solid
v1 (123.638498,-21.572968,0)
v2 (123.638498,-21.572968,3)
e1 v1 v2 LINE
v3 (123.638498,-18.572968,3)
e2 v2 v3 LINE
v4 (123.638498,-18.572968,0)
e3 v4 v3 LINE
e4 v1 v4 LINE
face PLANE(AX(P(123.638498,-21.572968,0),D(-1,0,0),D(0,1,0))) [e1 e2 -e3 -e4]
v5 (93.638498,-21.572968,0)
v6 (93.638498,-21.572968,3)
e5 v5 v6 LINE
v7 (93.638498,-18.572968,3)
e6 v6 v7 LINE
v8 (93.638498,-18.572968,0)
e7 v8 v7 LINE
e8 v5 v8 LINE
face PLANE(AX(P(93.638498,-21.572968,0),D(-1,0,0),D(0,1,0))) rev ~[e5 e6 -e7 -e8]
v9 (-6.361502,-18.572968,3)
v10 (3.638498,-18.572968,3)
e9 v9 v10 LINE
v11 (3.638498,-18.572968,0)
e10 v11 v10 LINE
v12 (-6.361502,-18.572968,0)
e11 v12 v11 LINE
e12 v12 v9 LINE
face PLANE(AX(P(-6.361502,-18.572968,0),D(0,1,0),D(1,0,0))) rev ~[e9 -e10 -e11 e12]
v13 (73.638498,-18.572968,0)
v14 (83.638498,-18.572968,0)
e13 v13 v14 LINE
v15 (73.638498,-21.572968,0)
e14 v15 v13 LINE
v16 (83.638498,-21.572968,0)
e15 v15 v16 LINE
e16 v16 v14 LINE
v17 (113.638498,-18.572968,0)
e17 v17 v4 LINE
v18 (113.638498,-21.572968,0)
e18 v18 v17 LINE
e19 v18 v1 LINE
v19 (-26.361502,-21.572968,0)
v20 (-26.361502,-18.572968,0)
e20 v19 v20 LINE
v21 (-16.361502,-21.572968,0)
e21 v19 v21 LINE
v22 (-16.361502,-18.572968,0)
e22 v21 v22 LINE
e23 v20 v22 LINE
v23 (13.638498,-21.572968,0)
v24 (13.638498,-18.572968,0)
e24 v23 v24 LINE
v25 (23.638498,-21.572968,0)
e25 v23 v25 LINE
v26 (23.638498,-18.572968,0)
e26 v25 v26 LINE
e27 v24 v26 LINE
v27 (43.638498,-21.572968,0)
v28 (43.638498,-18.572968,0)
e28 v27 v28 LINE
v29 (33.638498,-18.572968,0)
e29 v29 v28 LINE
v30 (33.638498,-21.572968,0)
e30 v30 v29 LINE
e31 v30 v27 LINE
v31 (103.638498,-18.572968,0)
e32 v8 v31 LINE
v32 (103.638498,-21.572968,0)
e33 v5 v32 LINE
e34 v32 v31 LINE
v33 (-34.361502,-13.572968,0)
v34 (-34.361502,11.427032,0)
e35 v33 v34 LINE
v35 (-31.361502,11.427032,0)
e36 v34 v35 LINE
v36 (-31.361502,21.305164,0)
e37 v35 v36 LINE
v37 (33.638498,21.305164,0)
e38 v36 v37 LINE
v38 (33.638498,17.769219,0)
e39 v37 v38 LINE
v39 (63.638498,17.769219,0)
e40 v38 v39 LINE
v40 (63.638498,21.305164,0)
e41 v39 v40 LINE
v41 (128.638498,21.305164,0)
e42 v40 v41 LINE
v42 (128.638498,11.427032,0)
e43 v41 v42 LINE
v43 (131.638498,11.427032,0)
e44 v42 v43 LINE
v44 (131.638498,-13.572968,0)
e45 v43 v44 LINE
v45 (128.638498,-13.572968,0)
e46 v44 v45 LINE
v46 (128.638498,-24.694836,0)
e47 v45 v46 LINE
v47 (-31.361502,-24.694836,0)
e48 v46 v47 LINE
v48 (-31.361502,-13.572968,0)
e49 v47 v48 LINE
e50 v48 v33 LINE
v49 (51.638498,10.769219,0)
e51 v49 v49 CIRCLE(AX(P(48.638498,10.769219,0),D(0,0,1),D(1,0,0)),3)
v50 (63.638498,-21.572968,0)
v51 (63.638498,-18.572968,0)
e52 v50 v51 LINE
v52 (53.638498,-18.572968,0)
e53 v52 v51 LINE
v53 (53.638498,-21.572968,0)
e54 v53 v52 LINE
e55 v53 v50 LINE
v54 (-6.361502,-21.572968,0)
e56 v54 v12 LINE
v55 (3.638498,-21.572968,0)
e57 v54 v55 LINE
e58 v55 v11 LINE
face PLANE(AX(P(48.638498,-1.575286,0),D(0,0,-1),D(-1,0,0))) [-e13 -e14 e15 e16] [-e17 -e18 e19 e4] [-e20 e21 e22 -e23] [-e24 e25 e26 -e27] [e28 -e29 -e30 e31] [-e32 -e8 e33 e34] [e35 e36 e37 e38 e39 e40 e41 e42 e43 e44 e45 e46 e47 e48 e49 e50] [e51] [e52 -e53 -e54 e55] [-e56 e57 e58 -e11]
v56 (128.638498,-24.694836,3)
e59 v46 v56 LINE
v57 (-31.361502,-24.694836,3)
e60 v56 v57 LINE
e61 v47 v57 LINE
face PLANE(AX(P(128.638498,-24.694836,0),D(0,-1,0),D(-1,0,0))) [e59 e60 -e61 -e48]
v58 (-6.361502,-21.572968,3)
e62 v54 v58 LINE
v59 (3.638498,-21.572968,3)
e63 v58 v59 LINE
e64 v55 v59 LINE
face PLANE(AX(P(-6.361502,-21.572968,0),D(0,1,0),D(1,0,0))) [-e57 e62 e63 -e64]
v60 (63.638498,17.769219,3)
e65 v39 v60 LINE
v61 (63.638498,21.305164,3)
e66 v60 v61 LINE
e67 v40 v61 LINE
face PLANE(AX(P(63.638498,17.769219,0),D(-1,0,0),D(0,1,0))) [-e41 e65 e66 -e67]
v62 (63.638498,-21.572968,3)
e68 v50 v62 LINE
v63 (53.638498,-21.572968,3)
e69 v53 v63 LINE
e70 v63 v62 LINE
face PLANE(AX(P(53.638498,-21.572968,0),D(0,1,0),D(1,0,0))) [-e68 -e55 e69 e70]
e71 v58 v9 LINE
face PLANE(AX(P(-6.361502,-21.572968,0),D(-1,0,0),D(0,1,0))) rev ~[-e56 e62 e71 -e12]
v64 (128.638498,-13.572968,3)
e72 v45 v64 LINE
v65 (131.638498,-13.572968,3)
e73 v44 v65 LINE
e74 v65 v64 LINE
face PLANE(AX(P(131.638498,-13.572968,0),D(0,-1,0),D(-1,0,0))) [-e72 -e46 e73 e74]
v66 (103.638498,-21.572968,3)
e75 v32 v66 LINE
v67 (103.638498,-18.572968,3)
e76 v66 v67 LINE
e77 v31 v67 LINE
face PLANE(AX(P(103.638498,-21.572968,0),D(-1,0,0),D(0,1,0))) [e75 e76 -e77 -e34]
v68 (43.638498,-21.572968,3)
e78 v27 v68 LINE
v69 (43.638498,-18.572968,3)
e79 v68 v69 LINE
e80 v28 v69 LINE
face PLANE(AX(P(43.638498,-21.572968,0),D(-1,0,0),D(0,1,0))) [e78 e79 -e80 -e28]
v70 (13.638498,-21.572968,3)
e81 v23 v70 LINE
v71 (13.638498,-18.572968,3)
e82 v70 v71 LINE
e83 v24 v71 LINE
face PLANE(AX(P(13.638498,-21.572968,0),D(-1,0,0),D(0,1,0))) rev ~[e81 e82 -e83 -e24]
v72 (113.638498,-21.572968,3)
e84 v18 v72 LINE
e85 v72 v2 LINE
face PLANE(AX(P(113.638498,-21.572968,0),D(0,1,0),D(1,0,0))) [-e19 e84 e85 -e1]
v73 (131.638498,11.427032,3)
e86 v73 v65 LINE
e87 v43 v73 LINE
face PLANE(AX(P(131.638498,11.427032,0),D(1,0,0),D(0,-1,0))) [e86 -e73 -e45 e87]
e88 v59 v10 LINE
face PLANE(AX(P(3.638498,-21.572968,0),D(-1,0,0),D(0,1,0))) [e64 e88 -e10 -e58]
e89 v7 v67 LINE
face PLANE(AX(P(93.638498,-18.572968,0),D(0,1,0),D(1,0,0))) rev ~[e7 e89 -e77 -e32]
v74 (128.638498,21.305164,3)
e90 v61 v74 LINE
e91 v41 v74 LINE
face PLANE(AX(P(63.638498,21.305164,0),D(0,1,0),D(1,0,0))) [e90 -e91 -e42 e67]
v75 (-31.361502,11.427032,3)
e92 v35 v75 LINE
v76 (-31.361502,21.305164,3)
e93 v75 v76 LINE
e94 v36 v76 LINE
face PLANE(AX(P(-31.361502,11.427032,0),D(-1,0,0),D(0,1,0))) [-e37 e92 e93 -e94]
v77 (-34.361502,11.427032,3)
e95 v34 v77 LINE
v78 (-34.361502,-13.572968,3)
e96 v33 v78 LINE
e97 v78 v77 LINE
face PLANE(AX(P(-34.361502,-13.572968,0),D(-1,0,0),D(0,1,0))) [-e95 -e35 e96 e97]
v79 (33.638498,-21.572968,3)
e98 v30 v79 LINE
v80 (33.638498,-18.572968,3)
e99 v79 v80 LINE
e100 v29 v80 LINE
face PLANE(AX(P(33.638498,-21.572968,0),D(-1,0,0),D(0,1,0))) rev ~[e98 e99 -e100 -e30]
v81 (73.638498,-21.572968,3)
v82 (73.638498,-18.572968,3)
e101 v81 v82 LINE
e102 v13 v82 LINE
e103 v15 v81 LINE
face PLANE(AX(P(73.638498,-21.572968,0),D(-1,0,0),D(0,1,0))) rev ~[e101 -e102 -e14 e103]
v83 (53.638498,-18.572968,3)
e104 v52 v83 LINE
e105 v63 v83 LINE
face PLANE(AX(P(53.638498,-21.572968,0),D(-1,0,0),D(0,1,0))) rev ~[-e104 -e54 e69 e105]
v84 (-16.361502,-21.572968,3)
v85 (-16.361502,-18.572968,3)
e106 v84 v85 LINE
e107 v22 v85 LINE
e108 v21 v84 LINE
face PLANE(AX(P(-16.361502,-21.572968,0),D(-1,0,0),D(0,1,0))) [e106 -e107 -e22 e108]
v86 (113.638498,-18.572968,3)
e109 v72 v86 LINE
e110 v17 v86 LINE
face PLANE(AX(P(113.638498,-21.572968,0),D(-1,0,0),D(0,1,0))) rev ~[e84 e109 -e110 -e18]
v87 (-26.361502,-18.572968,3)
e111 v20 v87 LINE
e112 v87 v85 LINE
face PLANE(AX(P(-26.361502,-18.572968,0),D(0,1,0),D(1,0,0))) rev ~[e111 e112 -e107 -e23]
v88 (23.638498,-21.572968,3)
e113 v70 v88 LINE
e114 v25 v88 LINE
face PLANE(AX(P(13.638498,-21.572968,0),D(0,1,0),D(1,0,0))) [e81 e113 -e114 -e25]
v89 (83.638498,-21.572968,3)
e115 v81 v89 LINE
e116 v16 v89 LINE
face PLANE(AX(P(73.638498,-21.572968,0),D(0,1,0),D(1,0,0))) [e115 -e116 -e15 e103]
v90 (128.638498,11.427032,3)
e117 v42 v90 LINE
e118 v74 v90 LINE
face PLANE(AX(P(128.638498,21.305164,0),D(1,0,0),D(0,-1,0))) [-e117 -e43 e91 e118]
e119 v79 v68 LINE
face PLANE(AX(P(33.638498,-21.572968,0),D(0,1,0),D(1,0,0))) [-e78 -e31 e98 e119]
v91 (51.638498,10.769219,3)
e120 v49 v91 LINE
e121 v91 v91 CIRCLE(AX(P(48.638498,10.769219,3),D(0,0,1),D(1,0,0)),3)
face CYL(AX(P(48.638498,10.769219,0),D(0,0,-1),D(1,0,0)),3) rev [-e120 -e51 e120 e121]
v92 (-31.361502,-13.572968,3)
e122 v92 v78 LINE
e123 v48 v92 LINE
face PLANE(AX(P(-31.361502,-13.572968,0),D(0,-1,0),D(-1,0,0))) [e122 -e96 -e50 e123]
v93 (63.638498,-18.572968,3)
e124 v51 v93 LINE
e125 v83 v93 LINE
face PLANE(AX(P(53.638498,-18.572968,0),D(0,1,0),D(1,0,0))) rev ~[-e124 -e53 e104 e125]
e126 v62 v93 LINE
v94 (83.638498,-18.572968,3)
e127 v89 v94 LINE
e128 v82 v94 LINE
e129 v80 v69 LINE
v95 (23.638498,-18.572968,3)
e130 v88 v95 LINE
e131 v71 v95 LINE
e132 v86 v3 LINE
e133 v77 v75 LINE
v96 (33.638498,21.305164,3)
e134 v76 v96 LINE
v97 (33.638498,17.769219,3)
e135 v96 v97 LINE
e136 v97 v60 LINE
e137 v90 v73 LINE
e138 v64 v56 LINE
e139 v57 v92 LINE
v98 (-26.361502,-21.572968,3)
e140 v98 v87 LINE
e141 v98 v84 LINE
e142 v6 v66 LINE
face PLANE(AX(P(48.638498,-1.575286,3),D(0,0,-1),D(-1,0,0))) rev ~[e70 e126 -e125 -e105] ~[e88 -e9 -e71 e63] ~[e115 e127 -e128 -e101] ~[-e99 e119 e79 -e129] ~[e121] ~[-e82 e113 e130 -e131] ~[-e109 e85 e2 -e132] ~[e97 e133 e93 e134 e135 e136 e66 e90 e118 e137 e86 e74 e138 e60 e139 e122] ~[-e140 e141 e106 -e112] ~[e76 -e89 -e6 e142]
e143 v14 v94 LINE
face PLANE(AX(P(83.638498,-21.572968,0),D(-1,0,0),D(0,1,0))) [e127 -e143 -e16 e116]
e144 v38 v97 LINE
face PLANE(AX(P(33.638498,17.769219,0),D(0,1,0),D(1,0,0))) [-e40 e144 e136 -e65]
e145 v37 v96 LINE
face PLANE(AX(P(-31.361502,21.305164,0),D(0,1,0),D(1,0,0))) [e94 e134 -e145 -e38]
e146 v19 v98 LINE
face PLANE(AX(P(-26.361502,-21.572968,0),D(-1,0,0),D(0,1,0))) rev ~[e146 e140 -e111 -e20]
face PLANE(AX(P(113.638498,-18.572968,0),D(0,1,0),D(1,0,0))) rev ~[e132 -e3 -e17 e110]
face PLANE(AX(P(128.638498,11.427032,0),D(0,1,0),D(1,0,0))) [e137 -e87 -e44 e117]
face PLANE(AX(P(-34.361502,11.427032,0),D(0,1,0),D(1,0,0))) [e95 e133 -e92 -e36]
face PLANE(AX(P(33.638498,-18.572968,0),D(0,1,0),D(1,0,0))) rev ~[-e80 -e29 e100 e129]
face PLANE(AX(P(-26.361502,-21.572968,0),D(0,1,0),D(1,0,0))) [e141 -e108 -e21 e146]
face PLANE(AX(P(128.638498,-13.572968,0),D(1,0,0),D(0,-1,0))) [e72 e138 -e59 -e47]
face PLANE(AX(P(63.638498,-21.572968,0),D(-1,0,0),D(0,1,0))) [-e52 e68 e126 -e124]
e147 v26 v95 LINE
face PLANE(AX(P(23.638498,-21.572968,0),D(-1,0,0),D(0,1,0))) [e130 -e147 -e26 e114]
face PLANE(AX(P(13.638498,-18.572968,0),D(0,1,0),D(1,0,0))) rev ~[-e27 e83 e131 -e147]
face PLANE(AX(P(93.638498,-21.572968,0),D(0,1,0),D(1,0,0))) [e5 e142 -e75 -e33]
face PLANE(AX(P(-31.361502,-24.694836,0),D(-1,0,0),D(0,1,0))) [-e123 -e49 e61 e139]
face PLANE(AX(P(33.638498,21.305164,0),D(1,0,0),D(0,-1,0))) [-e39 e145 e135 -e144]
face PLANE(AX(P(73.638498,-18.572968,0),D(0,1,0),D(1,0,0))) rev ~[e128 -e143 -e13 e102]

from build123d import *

# Parameters (mm, degrees)
SKETCH1_R           = 3
SKETCH1_W           = 10
SKETCH1_H           = 3
BOSS_EXTRUDE1_DEPTH = 3


with BuildPart() as part:
    # Sketch1 → Boss-Extrude1 (new body)
    with BuildSketch(Plane.XY):
        Polygon((-31.361502347, 21.305164319), (33.638497653, 21.305164319), (33.638497653, 17.769219388), (63.638497653, 17.769219388), (63.638497653, 21.305164319), (128.638497653, 21.305164319), (128.638497653, 11.427031749), (131.638497653, 11.427031749), (131.638497653, -13.572968251), (128.638497653, -13.572968251), (128.638497653, -24.694835681), (-31.361502347, -24.694835681), (-31.361502347, -13.572968251), (-34.361502347, -13.572968251), (-34.361502347, 11.427031749), (-31.361502347, 11.427031749), align=None)
        with Locations((48.638497653, 10.769219388)):
            Circle(SKETCH1_R, mode=Mode.SUBTRACT)
        with Locations((-1.361502347, -20.072968251)):
            Rectangle(SKETCH1_W, SKETCH1_H, mode=Mode.SUBTRACT)
        with Locations((-21.361502347, -20.072968251)):
            Rectangle(SKETCH1_W, SKETCH1_H, mode=Mode.SUBTRACT)
        with Locations((18.638497653, -20.072968251)):
            Rectangle(SKETCH1_W, SKETCH1_H, mode=Mode.SUBTRACT)
        with Locations((38.638497653, -20.072968251)):
            Rectangle(SKETCH1_W, SKETCH1_H, mode=Mode.SUBTRACT)
        with Locations((58.638497653, -20.072968251)):
            Rectangle(SKETCH1_W, SKETCH1_H, mode=Mode.SUBTRACT)
        with Locations((78.638497653, -20.072968251)):
            Rectangle(SKETCH1_W, SKETCH1_H, mode=Mode.SUBTRACT)
        with Locations((98.638497653, -20.072968251)):
            Rectangle(SKETCH1_W, SKETCH1_H, mode=Mode.SUBTRACT)
        with Locations((118.638497653, -20.072968251)):
            Rectangle(SKETCH1_W, SKETCH1_H, mode=Mode.SUBTRACT)
    extrude(amount=BOSS_EXTRUDE1_DEPTH)


solid = part.part
